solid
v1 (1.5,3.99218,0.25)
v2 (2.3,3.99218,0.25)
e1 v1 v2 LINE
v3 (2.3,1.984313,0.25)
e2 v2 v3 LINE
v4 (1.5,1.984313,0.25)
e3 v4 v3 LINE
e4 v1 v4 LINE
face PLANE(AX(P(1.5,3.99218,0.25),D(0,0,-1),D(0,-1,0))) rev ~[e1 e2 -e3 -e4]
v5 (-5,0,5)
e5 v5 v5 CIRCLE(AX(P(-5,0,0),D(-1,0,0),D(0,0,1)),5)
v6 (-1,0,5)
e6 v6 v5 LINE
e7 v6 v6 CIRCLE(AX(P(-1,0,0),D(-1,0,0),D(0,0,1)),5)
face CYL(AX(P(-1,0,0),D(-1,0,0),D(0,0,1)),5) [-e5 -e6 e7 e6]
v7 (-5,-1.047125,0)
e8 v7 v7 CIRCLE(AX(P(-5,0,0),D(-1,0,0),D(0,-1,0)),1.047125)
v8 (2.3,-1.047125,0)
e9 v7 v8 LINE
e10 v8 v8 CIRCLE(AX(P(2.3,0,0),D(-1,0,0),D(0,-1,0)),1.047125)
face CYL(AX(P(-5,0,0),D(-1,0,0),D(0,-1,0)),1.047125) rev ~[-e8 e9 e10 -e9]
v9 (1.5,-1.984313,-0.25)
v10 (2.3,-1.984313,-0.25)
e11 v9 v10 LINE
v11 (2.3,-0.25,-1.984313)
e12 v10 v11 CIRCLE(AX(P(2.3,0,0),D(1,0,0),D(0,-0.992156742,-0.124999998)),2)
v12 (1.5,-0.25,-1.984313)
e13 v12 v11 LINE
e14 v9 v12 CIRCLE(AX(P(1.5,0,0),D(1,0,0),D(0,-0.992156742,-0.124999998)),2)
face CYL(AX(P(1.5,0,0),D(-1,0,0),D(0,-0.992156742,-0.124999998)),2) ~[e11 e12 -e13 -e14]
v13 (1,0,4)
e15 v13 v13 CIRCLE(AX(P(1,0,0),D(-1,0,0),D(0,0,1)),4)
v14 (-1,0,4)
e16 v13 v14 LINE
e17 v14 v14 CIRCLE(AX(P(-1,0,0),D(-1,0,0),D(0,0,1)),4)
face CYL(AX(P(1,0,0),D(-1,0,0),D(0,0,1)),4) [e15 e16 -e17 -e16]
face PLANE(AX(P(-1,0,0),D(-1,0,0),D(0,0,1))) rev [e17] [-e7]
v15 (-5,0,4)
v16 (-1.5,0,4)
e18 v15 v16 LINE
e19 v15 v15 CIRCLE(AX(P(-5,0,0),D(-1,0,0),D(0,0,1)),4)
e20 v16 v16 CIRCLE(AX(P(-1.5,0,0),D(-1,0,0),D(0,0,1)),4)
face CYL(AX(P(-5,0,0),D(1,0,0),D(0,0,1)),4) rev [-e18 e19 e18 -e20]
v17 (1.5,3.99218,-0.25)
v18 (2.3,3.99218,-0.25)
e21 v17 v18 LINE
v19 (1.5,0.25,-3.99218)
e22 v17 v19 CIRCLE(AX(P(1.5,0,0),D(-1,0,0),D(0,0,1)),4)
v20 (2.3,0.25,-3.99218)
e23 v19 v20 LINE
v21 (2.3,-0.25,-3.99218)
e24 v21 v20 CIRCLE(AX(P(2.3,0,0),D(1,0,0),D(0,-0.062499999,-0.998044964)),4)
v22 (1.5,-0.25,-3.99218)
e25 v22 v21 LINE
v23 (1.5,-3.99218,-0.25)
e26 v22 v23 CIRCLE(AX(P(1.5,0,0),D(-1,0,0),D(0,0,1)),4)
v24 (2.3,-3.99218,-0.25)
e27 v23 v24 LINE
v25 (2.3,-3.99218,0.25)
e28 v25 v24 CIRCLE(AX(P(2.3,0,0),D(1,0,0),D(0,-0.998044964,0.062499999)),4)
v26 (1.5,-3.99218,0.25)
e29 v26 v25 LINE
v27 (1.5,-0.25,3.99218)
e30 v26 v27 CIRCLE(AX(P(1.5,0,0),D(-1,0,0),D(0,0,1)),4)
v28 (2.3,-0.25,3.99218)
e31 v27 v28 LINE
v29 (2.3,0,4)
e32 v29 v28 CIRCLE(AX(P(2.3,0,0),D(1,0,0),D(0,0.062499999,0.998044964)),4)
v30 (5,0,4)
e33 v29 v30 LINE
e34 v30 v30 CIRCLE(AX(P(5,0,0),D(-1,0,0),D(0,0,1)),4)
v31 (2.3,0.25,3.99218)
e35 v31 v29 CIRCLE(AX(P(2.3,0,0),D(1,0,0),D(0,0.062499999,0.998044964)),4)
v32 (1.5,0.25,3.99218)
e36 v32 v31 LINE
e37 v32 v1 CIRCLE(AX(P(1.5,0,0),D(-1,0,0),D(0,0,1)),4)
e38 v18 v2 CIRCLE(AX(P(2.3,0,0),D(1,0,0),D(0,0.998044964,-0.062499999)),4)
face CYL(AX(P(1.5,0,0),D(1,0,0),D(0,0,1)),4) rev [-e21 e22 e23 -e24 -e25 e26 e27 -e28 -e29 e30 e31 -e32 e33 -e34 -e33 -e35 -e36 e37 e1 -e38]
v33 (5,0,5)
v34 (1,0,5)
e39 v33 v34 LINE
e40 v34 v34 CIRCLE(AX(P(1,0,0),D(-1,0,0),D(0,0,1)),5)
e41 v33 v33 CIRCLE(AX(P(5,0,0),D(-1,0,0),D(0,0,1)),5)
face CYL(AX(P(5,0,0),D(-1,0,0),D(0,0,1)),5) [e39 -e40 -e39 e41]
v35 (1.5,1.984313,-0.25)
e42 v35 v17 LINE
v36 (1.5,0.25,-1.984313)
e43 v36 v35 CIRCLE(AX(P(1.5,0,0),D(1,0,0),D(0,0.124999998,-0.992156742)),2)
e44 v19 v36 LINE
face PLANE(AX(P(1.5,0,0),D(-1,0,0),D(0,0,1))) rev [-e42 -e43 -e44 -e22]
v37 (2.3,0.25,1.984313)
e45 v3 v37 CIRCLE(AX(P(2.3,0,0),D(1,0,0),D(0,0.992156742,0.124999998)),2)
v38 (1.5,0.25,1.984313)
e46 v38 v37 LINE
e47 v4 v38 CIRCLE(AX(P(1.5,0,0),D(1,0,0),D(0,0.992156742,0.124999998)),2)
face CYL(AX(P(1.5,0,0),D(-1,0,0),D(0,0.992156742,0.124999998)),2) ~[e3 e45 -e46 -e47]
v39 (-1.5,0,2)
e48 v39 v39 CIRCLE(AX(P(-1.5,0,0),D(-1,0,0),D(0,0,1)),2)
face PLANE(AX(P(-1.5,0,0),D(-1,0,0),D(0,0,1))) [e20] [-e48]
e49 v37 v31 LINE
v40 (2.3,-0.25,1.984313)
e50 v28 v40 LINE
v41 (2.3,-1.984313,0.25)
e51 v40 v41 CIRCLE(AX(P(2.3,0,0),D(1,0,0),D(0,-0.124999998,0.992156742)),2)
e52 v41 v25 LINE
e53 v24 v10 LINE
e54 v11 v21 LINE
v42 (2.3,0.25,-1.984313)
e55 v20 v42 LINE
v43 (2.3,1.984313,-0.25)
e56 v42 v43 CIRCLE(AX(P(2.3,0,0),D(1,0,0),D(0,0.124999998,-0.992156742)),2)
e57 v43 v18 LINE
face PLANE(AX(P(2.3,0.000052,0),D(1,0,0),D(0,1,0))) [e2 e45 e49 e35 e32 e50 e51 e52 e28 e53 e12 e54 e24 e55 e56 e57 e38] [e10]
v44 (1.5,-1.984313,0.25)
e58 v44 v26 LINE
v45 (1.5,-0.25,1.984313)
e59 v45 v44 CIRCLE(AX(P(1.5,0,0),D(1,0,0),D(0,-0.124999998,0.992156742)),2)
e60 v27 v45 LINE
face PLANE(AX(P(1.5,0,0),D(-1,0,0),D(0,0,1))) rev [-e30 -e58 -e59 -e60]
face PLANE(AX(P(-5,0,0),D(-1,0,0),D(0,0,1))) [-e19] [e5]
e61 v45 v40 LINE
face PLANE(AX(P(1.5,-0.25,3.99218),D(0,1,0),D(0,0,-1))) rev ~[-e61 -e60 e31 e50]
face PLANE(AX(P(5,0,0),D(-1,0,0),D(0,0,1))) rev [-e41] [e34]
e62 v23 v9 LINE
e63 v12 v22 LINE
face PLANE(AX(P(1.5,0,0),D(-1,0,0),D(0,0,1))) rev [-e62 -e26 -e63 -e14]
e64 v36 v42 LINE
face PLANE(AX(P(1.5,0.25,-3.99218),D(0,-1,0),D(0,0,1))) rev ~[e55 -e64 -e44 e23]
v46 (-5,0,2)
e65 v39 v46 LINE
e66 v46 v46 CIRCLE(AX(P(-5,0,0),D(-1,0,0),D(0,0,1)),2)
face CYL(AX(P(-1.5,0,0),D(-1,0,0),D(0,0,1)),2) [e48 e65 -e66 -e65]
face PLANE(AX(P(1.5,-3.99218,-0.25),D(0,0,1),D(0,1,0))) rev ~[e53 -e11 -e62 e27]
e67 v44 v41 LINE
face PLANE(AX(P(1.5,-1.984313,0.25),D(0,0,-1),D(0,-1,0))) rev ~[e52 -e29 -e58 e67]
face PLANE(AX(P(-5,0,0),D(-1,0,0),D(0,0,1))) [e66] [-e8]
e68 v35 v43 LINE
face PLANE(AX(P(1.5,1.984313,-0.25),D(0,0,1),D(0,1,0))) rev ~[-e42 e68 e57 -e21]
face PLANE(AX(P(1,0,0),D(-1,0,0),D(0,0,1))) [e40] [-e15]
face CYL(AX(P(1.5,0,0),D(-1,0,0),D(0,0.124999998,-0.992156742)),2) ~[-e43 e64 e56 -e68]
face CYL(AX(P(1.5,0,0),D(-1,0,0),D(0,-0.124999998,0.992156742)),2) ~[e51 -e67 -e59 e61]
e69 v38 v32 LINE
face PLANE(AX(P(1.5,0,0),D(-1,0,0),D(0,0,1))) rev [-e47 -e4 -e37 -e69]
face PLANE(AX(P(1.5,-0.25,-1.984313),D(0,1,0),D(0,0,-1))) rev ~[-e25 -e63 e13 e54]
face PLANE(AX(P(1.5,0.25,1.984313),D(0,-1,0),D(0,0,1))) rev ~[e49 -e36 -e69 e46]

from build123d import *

# Parameters (mm, degrees)
F3_DEPTH = 20.32
F4_R     = 26.5969847408
F5_DEPTH = 254.001
F6_SCALE = 0.0393700787


with BuildPart() as f1:
    # F0 (on Front) → F1 (revolve)
    with BuildSketch(Plane.XZ):
        Polygon((-127, 0), (0, 0), (38.1, 0), (38.1, 50.8), (38.1, 76.2), (38.1, 101.6), (127, 101.6), (127, 127), (25.4, 127), (25.4, 101.6), (0, 101.6), (-25.4, 101.6), (-25.4, 127), (-127, 127), (-127, 101.6), (-38.1, 101.6), (-38.1, 76.2), (-38.1, 50.8), (-127, 50.8), (-127, 25.4), align=None)
    revolve(axis=Axis((-63.5, 0, 0), (-1, 0, 0)))

    # F2 (on face) → F3 (join)
    with BuildSketch(Plane.YZ.offset(38.1)):
        with BuildLine():
            ThreePointArc((50.4015624854, -6.3499999233), (50.7002927716, -3.1812439186), (50.8, 0))
            ThreePointArc((50.8, 0), (50.7002927716, 3.1812439186), (50.4015624854, 6.3499999233))
            ThreePointArc((50.4015624854, 6.3499999233), (35.9210244843, 35.9210244843), (6.3499999233, 50.4015624854))
            ThreePointArc((6.3499999233, 50.4015624854), (0, 50.8), (-6.3499999233, 50.4015624854))
            ThreePointArc((-6.3499999233, 50.4015624854), (-35.9210244843, 35.9210244843), (-50.4015624854, 6.3499999233))
            ThreePointArc((-50.4015624854, 6.3499999233), (-50.8, 0), (-50.4015624854, -6.3499999233))
            ThreePointArc((-50.4015624854, -6.3499999233), (-35.9210244843, -35.9210244843), (-6.3499999233, -50.4015624854))
            ThreePointArc((-6.3499999233, -50.4015624854), (0, -50.8), (6.3499999233, -50.4015624854))
            ThreePointArc((6.3499999233, -50.4015624854), (35.9210244843, -35.9210244843), (50.4015624854, -6.3499999233))
        make_face()
        with BuildLine():
            ThreePointArc((50.4015624854, 6.3499999233), (50.7002927716, 3.1812439186), (50.8, 0))
            ThreePointArc((50.8, 0), (50.7002927716, -3.1812439186), (50.4015624854, -6.3499999233))
            Line((50.4015624854, -6.3499999233), (101.4013683388, -6.3499999233))
            ThreePointArc((101.4013683388, -6.3499999233), (101.6, 0), (101.4013683388, 6.3499999233))
            Line((101.4013683388, 6.3499999233), (50.4015624854, 6.3499999233))
        make_face()
        with BuildLine():
            ThreePointArc((-6.3499999233, 50.4015624854), (0, 50.8), (6.3499999233, 50.4015624854))
            Line((6.3499999233, 50.4015624854), (6.3499999233, 101.4013683388))
            ThreePointArc((6.3499999233, 101.4013683388), (0, 101.6), (-6.3499999233, 101.4013683388))
            Line((-6.3499999233, 101.4013683388), (-6.3499999233, 50.4015624854))
        make_face()
        with BuildLine():
            Line((6.3499999233, -101.4013683388), (6.3499999233, -50.4015624854))
            ThreePointArc((6.3499999233, -50.4015624854), (0, -50.8), (-6.3499999233, -50.4015624854))
            Line((-6.3499999233, -50.4015624854), (-6.3499999233, -101.4013683388))
            ThreePointArc((-6.3499999233, -101.4013683388), (0, -101.6), (6.3499999233, -101.4013683388))
        make_face()
        with BuildLine():
            ThreePointArc((-50.4015624854, -6.3499999233), (-50.8, 0), (-50.4015624854, 6.3499999233))
            Line((-50.4015624854, 6.3499999233), (-101.4013683388, 6.3499999233))
            ThreePointArc((-101.4013683388, 6.3499999233), (-101.6, 0), (-101.4013683388, -6.3499999233))
            Line((-101.4013683388, -6.3499999233), (-50.4015624854, -6.3499999233))
        make_face()
    extrude(amount=F3_DEPTH)

    # F4 (on face) → F5 (cut, through all)
    with BuildSketch(Plane(origin=(-127, 0, 0), x_dir=(0, -1, 0), z_dir=(-1, 0, 0))):
        Circle(F4_R)
    extrude(amount=-F5_DEPTH, mode=Mode.SUBTRACT)


with BuildPart() as f1_1:
    # F6: moved
    add(f1.part.scale(F6_SCALE))


solid = f1_1.part
